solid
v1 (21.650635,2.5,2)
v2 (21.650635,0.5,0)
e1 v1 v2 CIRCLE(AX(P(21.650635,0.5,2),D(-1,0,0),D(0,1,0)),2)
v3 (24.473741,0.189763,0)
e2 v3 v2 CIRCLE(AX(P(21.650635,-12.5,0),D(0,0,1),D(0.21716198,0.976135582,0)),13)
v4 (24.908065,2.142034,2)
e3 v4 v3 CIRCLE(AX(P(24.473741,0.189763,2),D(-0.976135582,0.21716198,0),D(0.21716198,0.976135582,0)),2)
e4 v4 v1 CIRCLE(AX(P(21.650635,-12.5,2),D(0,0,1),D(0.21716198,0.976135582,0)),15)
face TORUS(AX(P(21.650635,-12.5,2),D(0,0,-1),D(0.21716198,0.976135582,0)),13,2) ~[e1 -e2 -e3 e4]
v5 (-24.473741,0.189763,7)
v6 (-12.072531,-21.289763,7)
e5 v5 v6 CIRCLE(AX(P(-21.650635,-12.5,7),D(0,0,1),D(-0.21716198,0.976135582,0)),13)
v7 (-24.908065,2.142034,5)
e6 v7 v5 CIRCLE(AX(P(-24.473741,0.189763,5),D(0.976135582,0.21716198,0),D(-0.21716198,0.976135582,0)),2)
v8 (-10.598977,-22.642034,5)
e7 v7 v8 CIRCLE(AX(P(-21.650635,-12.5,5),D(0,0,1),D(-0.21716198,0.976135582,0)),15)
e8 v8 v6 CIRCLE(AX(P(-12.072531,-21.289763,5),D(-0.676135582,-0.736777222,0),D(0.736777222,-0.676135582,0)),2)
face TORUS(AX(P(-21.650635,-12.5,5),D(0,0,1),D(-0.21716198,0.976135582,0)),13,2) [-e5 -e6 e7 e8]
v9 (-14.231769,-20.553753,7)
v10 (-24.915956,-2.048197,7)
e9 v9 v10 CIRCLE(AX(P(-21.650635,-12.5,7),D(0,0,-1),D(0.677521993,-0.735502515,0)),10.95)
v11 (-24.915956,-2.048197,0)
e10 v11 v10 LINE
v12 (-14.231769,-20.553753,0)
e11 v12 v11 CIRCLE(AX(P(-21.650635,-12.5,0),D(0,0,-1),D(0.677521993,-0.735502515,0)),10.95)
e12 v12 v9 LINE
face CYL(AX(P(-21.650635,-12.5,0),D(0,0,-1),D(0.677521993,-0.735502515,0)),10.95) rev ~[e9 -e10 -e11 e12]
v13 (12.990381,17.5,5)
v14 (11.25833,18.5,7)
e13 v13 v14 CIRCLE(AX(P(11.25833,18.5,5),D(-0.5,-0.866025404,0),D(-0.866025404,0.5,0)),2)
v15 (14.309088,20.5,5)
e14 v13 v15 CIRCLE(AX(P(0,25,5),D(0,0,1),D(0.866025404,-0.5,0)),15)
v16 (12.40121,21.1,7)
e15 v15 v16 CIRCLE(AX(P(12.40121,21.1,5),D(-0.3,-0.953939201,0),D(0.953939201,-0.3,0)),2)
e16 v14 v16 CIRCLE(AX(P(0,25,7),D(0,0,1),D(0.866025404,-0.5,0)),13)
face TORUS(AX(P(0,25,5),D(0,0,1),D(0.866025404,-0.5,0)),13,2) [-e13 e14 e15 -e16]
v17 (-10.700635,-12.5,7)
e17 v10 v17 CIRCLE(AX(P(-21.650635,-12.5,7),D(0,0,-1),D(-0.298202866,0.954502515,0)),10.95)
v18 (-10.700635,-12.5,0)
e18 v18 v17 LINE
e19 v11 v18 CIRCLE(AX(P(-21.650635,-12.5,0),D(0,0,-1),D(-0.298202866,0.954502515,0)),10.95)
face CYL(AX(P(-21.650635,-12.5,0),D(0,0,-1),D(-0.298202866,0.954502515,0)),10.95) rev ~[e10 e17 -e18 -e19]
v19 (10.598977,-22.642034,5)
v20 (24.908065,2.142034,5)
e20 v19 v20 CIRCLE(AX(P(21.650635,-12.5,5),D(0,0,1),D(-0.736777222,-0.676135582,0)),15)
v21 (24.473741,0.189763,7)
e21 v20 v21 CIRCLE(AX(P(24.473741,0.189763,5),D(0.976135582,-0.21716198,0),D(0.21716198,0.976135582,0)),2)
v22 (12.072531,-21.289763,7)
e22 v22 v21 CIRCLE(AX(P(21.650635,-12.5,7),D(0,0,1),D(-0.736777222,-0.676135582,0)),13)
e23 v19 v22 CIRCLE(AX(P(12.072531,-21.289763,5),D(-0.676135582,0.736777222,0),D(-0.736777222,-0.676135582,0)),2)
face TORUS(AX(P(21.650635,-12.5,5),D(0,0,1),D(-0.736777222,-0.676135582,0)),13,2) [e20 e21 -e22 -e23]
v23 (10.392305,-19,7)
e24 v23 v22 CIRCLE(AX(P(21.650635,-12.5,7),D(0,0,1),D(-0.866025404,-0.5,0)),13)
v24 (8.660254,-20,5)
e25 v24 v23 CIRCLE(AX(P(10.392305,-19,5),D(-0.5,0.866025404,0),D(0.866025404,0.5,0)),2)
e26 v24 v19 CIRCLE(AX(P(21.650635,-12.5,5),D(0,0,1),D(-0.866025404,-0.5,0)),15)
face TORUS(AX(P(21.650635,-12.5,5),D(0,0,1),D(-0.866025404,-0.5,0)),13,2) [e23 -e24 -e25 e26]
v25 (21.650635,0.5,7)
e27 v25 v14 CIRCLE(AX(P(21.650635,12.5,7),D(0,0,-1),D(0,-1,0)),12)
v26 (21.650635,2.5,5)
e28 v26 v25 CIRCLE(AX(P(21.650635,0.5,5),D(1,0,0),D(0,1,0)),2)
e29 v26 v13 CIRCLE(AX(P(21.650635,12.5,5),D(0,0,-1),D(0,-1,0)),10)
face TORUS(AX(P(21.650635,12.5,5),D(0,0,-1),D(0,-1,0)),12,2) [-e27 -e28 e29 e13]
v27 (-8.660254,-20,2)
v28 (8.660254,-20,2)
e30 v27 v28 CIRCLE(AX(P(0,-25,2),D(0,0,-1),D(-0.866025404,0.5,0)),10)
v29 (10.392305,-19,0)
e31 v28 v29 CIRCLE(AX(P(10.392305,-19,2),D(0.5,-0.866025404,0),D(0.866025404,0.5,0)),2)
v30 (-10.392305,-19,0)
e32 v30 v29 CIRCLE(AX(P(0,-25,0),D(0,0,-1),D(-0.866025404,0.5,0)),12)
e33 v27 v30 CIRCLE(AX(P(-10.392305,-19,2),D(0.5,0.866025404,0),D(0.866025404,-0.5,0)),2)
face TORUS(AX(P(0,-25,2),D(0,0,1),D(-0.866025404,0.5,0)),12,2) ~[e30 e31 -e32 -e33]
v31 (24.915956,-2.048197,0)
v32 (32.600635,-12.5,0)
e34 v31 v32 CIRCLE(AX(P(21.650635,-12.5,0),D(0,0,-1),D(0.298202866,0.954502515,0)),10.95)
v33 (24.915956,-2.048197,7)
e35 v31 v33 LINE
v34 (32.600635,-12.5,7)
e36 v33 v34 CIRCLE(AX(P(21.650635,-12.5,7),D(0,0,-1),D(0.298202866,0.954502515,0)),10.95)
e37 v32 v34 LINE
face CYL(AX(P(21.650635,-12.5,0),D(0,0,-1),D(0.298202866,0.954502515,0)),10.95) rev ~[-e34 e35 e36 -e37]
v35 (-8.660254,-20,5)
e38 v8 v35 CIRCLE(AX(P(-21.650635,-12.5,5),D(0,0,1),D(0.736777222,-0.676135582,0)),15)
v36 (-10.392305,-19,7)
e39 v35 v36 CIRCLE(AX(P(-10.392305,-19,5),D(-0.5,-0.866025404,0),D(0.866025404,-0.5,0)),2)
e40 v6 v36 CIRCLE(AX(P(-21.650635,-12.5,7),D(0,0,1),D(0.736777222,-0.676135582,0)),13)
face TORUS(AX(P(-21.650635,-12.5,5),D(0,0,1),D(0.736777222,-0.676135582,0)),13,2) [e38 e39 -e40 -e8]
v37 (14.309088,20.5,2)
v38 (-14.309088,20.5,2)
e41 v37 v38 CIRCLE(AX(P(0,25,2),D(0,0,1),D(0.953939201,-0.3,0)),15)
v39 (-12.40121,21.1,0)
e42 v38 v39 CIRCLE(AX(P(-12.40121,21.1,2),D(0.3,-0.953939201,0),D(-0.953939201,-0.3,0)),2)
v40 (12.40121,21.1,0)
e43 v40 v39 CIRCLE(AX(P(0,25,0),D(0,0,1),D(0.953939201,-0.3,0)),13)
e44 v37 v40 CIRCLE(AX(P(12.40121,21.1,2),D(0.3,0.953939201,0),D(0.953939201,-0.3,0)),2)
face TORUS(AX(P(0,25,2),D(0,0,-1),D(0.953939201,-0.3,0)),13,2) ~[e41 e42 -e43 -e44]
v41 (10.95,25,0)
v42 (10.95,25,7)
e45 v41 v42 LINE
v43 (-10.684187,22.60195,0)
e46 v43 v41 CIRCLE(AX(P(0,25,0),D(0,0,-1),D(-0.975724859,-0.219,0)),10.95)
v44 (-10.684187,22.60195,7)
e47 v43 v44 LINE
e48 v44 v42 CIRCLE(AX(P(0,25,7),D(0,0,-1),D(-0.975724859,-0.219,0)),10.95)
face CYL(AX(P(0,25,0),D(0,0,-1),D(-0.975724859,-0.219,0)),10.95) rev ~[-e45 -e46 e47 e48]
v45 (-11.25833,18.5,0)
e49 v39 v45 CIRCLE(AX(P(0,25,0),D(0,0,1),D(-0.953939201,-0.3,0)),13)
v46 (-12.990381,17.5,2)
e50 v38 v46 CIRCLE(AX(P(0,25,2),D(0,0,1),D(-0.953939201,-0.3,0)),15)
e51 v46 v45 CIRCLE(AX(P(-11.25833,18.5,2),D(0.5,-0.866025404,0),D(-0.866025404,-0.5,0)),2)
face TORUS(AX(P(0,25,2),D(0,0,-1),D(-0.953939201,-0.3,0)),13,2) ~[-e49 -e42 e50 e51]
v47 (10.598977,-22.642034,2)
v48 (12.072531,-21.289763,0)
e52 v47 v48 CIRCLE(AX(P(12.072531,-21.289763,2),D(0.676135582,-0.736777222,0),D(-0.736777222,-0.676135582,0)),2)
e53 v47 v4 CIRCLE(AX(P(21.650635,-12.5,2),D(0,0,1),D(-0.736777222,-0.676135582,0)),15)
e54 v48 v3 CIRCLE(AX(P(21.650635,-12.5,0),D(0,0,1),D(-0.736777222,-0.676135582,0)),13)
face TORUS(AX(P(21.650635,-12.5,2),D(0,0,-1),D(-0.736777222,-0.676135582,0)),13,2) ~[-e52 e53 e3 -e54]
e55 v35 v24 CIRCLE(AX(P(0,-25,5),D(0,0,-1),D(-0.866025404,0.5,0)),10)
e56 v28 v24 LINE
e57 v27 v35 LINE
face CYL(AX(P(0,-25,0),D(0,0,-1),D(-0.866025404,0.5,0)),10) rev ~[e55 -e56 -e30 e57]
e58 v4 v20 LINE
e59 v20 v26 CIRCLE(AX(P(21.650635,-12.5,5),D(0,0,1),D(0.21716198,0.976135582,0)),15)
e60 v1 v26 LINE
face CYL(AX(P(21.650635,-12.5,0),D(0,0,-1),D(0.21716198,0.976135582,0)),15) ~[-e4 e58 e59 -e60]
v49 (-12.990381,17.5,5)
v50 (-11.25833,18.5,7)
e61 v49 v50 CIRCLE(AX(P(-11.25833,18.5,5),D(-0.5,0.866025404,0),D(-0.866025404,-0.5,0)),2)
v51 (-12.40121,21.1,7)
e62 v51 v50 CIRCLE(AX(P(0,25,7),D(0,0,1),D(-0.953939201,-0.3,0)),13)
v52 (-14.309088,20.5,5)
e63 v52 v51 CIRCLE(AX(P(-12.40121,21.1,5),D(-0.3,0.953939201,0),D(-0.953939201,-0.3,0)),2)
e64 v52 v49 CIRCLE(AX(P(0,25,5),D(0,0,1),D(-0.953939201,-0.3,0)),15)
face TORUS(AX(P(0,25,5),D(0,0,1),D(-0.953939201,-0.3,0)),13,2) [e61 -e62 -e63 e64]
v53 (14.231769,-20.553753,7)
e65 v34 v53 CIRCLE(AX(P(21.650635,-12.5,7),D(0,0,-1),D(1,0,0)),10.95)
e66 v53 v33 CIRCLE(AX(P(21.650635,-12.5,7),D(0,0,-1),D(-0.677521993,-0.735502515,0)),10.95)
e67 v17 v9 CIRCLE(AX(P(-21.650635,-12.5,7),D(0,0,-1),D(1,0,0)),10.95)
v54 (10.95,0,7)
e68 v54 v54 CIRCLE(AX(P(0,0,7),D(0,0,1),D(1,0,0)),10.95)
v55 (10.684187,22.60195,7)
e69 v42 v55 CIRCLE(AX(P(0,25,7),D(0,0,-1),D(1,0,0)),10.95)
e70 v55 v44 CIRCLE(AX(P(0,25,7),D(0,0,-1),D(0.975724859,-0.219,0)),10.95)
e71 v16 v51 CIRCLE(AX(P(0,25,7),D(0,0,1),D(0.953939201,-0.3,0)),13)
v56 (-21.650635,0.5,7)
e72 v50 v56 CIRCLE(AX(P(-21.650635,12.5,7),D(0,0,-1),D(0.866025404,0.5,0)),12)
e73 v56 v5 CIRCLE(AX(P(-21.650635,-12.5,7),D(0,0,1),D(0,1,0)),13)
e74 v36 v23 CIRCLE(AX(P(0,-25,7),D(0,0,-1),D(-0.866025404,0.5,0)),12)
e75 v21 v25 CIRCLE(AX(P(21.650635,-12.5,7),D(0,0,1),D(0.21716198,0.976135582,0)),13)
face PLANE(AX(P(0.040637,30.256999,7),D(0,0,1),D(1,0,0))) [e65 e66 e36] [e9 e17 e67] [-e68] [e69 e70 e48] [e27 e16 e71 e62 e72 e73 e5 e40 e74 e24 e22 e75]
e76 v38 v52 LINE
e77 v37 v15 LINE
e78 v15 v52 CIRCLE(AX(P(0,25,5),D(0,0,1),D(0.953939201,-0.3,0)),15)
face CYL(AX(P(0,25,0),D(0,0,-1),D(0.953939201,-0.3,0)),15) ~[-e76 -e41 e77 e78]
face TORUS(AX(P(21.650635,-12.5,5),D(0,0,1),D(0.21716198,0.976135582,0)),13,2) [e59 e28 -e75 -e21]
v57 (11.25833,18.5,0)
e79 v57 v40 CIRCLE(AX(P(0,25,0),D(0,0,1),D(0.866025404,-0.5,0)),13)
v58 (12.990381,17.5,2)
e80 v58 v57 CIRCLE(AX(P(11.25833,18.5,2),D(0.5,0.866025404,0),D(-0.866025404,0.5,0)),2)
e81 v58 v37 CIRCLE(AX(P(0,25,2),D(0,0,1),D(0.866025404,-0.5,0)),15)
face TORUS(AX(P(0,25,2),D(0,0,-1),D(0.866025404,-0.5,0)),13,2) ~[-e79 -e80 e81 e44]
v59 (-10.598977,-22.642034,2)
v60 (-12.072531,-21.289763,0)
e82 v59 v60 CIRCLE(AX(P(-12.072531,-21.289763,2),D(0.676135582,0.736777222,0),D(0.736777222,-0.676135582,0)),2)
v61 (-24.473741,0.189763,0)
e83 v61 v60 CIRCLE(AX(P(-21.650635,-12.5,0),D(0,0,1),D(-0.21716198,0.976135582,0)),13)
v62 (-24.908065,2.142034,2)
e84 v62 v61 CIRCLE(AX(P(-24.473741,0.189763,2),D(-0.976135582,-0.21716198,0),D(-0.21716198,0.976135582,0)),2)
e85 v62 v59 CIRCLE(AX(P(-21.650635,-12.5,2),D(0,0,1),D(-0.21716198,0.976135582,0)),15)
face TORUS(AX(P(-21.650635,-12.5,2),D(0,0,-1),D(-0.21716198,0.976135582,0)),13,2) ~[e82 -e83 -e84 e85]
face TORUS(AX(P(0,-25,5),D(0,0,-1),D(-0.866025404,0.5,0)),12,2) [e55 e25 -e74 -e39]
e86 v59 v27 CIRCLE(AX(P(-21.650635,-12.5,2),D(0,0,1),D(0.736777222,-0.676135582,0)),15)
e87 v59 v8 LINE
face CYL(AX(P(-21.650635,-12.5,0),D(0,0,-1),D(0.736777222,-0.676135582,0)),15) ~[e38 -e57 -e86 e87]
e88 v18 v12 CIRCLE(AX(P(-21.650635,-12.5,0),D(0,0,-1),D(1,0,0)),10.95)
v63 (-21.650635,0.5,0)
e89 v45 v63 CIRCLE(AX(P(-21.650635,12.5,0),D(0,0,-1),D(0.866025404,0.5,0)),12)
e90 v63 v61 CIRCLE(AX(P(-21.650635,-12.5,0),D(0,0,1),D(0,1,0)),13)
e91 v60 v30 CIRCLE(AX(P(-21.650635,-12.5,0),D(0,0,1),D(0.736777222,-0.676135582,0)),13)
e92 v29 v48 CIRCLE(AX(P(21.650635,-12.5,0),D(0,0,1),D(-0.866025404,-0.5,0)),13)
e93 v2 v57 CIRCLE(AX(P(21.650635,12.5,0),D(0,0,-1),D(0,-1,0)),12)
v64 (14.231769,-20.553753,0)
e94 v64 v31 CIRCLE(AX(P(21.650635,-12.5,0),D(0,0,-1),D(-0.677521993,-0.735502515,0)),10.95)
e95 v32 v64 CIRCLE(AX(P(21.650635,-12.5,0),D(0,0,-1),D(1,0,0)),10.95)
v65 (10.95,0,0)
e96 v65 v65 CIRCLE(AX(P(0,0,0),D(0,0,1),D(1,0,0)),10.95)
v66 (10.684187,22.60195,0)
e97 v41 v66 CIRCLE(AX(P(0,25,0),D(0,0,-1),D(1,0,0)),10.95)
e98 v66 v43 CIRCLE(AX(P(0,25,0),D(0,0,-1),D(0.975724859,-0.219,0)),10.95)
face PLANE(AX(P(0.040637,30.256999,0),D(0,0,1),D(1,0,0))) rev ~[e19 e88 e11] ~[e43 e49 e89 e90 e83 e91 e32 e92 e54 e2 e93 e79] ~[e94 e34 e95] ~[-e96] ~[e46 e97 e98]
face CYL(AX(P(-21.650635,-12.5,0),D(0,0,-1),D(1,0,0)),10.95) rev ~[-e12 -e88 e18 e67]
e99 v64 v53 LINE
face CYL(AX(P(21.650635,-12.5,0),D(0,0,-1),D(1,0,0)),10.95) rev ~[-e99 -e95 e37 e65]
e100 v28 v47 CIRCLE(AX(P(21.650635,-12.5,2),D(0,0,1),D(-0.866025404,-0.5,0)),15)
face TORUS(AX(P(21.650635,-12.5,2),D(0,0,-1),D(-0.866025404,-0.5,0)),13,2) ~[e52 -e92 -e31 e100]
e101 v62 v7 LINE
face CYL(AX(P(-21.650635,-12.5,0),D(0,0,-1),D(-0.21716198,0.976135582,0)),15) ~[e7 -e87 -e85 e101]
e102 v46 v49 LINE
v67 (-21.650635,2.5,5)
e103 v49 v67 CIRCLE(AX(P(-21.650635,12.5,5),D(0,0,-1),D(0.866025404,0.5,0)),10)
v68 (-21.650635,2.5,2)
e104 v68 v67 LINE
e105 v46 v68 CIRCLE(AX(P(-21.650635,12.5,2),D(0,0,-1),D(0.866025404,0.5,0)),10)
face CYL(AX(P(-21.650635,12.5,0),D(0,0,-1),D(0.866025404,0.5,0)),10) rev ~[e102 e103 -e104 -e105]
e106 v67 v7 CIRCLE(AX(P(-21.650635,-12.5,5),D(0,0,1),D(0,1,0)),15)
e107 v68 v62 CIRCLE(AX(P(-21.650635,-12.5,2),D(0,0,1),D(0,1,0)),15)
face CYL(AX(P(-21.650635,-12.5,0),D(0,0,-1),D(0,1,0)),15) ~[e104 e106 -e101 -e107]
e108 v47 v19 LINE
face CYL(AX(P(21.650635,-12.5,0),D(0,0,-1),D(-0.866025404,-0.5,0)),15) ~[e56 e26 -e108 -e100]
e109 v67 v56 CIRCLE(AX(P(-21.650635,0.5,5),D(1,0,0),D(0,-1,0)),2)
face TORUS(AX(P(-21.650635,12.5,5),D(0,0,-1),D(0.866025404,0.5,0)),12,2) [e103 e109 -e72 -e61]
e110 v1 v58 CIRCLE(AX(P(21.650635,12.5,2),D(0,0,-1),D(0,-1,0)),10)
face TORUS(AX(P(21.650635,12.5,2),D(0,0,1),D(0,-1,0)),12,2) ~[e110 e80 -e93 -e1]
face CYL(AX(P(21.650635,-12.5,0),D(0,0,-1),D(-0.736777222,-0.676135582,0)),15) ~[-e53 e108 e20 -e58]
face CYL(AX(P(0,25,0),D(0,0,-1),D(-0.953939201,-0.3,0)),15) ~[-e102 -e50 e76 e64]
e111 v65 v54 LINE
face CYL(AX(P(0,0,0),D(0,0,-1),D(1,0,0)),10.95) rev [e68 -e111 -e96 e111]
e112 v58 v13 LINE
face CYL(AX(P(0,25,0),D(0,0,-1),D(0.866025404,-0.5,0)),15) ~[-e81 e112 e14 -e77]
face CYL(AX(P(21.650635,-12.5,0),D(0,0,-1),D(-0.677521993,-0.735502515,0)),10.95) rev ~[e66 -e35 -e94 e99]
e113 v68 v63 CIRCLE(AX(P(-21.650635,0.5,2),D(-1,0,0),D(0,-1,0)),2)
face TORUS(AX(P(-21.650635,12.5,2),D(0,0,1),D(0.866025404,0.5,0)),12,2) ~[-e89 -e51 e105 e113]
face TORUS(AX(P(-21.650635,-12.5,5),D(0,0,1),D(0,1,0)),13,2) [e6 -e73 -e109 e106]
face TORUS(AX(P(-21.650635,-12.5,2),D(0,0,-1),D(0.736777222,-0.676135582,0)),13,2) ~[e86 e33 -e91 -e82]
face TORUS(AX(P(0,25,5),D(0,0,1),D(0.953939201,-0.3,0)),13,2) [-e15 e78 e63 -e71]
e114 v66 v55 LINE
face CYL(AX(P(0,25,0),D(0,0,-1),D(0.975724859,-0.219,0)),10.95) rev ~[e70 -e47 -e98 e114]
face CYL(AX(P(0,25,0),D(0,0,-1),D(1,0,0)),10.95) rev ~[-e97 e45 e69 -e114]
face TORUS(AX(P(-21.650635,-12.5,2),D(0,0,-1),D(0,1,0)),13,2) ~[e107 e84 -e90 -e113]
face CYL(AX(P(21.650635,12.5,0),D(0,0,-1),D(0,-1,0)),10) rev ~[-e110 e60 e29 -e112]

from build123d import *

# Parameters (mm, degrees)
F0_R     = 10.95
F1_DEPTH = 7
F2_R     = 2


with BuildPart() as f1:
    # F0 (on Top) → F1 (new body)
    with BuildSketch(Plane.XY):
        with BuildLine():
            ThreePointArc((-10.6841872034, 22.60195), (-1.2063685429, 35.8833439226), (10.95, 25))
            ThreePointArc((10.95, 25), (10.8833439226, 23.7936314571), (10.6841872034, 22.60195))
            ThreePointArc((10.6841872034, 22.60195), (12.5407535684, 21.6270548142), (14.3090880213, 20.5))
            ThreePointArc((14.3090880213, 20.5), (0, 40), (-14.3090880213, 20.5))
            ThreePointArc((-14.3090880213, 20.5), (-12.5407535684, 21.6270548142), (-10.6841872034, 22.60195))
        make_face()
        with BuildLine():
            ThreePointArc((10.6841872034, 22.60195), (0, 14.05), (-10.6841872034, 22.60195))
            ThreePointArc((-10.6841872034, 22.60195), (-12.5407535684, 21.6270548142), (-14.3090880213, 20.5))
            ThreePointArc((-14.3090880213, 20.5), (-13.7319063857, 18.9638798045), (-12.9903810568, 17.5))
            ThreePointArc((-12.9903810568, 17.5), (-12.9903810568, 7.5), (-21.6506350946, 2.5))
            ThreePointArc((-21.6506350946, 2.5), (-23.2891548579, 2.4102398702), (-24.9080647882, 2.1420337314))
            ThreePointArc((-24.9080647882, 2.1420337314), (-24.9999556623, 0.0470837658), (-24.9159564768, -2.0481974631))
            ThreePointArc((-24.9159564768, -2.0481974631), (-15.1642173288, -3.6779319563), (-10.7006350946, -12.5))
            ThreePointArc((-10.7006350946, -12.5), (-11.622198508, -16.8969261568), (-14.2317692734, -20.5537525369))
            ThreePointArc((-14.2317692734, -20.5537525369), (-12.4592020939, -21.67413858), (-10.598976767, -22.6420337314))
            ThreePointArc((-10.598976767, -22.6420337314), (-9.5572484722, -21.3741196746), (-8.6602540378, -20))
            ThreePointArc((-8.6602540378, -20), (0, -15), (8.6602540378, -20))
            ThreePointArc((8.6602540378, -20), (9.5572484722, -21.3741196746), (10.598976767, -22.6420337314))
            ThreePointArc((10.598976767, -22.6420337314), (12.4592020939, -21.67413858), (14.2317692734, -20.5537525369))
            ThreePointArc((14.2317692734, -20.5537525369), (12.1676569232, -7.025), (24.9159564768, -2.0481974631))
            ThreePointArc((24.9159564768, -2.0481974631), (24.9789802826, -1.0249605067), (25, 0))
            ThreePointArc((25, 0), (24.9770056222, 1.0720028673), (24.9080647882, 2.1420337314))
            ThreePointArc((24.9080647882, 2.1420337314), (23.2891548579, 2.4102398702), (21.6506350946, 2.5))
            ThreePointArc((21.6506350946, 2.5), (12.9903810568, 7.5), (12.9903810568, 17.5))
            ThreePointArc((12.9903810568, 17.5), (13.7319063857, 18.9638798045), (14.3090880213, 20.5))
            ThreePointArc((14.3090880213, 20.5), (12.5407535684, 21.6270548142), (10.6841872034, 22.60195))
        make_face()
        Circle(F0_R, mode=Mode.SUBTRACT)
        with BuildLine():
            ThreePointArc((-24.9159564768, -2.0481974631), (-24.9999556623, 0.0470837658), (-24.9080647882, 2.1420337314))
            ThreePointArc((-24.9080647882, 2.1420337314), (-34.6410161514, -20), (-10.598976767, -22.6420337314))
            ThreePointArc((-10.598976767, -22.6420337314), (-12.4592020939, -21.67413858), (-14.2317692734, -20.5537525369))
            ThreePointArc((-14.2317692734, -20.5537525369), (-31.1336132661, -17.975), (-24.9159564768, -2.0481974631))
        make_face()
        with BuildLine():
            ThreePointArc((10.598976767, -22.6420337314), (34.6410161514, -20), (24.9080647882, 2.1420337314))
            ThreePointArc((24.9080647882, 2.1420337314), (24.9770056222, 1.0720028673), (25, 0))
            ThreePointArc((25, 0), (24.9789802826, -1.0249605067), (24.9159564768, -2.0481974631))
            ThreePointArc((24.9159564768, -2.0481974631), (30.4727031383, -6.0135822342), (32.6006350946, -12.5))
            ThreePointArc((32.6006350946, -12.5), (26.0475612514, -22.5284365866), (14.2317692734, -20.5537525369))
            ThreePointArc((14.2317692734, -20.5537525369), (12.4592020939, -21.67413858), (10.598976767, -22.6420337314))
        make_face()
    extrude(amount=F1_DEPTH)

    # F2
    f2_edges = [f1.edges().sort_by_distance(p)[0] for p in [
        (-34.641016, -20, 7),
        (-34.641016, -20, 0),
    ]]
    fillet(f2_edges, radius=F2_R)


solid = f1.part
